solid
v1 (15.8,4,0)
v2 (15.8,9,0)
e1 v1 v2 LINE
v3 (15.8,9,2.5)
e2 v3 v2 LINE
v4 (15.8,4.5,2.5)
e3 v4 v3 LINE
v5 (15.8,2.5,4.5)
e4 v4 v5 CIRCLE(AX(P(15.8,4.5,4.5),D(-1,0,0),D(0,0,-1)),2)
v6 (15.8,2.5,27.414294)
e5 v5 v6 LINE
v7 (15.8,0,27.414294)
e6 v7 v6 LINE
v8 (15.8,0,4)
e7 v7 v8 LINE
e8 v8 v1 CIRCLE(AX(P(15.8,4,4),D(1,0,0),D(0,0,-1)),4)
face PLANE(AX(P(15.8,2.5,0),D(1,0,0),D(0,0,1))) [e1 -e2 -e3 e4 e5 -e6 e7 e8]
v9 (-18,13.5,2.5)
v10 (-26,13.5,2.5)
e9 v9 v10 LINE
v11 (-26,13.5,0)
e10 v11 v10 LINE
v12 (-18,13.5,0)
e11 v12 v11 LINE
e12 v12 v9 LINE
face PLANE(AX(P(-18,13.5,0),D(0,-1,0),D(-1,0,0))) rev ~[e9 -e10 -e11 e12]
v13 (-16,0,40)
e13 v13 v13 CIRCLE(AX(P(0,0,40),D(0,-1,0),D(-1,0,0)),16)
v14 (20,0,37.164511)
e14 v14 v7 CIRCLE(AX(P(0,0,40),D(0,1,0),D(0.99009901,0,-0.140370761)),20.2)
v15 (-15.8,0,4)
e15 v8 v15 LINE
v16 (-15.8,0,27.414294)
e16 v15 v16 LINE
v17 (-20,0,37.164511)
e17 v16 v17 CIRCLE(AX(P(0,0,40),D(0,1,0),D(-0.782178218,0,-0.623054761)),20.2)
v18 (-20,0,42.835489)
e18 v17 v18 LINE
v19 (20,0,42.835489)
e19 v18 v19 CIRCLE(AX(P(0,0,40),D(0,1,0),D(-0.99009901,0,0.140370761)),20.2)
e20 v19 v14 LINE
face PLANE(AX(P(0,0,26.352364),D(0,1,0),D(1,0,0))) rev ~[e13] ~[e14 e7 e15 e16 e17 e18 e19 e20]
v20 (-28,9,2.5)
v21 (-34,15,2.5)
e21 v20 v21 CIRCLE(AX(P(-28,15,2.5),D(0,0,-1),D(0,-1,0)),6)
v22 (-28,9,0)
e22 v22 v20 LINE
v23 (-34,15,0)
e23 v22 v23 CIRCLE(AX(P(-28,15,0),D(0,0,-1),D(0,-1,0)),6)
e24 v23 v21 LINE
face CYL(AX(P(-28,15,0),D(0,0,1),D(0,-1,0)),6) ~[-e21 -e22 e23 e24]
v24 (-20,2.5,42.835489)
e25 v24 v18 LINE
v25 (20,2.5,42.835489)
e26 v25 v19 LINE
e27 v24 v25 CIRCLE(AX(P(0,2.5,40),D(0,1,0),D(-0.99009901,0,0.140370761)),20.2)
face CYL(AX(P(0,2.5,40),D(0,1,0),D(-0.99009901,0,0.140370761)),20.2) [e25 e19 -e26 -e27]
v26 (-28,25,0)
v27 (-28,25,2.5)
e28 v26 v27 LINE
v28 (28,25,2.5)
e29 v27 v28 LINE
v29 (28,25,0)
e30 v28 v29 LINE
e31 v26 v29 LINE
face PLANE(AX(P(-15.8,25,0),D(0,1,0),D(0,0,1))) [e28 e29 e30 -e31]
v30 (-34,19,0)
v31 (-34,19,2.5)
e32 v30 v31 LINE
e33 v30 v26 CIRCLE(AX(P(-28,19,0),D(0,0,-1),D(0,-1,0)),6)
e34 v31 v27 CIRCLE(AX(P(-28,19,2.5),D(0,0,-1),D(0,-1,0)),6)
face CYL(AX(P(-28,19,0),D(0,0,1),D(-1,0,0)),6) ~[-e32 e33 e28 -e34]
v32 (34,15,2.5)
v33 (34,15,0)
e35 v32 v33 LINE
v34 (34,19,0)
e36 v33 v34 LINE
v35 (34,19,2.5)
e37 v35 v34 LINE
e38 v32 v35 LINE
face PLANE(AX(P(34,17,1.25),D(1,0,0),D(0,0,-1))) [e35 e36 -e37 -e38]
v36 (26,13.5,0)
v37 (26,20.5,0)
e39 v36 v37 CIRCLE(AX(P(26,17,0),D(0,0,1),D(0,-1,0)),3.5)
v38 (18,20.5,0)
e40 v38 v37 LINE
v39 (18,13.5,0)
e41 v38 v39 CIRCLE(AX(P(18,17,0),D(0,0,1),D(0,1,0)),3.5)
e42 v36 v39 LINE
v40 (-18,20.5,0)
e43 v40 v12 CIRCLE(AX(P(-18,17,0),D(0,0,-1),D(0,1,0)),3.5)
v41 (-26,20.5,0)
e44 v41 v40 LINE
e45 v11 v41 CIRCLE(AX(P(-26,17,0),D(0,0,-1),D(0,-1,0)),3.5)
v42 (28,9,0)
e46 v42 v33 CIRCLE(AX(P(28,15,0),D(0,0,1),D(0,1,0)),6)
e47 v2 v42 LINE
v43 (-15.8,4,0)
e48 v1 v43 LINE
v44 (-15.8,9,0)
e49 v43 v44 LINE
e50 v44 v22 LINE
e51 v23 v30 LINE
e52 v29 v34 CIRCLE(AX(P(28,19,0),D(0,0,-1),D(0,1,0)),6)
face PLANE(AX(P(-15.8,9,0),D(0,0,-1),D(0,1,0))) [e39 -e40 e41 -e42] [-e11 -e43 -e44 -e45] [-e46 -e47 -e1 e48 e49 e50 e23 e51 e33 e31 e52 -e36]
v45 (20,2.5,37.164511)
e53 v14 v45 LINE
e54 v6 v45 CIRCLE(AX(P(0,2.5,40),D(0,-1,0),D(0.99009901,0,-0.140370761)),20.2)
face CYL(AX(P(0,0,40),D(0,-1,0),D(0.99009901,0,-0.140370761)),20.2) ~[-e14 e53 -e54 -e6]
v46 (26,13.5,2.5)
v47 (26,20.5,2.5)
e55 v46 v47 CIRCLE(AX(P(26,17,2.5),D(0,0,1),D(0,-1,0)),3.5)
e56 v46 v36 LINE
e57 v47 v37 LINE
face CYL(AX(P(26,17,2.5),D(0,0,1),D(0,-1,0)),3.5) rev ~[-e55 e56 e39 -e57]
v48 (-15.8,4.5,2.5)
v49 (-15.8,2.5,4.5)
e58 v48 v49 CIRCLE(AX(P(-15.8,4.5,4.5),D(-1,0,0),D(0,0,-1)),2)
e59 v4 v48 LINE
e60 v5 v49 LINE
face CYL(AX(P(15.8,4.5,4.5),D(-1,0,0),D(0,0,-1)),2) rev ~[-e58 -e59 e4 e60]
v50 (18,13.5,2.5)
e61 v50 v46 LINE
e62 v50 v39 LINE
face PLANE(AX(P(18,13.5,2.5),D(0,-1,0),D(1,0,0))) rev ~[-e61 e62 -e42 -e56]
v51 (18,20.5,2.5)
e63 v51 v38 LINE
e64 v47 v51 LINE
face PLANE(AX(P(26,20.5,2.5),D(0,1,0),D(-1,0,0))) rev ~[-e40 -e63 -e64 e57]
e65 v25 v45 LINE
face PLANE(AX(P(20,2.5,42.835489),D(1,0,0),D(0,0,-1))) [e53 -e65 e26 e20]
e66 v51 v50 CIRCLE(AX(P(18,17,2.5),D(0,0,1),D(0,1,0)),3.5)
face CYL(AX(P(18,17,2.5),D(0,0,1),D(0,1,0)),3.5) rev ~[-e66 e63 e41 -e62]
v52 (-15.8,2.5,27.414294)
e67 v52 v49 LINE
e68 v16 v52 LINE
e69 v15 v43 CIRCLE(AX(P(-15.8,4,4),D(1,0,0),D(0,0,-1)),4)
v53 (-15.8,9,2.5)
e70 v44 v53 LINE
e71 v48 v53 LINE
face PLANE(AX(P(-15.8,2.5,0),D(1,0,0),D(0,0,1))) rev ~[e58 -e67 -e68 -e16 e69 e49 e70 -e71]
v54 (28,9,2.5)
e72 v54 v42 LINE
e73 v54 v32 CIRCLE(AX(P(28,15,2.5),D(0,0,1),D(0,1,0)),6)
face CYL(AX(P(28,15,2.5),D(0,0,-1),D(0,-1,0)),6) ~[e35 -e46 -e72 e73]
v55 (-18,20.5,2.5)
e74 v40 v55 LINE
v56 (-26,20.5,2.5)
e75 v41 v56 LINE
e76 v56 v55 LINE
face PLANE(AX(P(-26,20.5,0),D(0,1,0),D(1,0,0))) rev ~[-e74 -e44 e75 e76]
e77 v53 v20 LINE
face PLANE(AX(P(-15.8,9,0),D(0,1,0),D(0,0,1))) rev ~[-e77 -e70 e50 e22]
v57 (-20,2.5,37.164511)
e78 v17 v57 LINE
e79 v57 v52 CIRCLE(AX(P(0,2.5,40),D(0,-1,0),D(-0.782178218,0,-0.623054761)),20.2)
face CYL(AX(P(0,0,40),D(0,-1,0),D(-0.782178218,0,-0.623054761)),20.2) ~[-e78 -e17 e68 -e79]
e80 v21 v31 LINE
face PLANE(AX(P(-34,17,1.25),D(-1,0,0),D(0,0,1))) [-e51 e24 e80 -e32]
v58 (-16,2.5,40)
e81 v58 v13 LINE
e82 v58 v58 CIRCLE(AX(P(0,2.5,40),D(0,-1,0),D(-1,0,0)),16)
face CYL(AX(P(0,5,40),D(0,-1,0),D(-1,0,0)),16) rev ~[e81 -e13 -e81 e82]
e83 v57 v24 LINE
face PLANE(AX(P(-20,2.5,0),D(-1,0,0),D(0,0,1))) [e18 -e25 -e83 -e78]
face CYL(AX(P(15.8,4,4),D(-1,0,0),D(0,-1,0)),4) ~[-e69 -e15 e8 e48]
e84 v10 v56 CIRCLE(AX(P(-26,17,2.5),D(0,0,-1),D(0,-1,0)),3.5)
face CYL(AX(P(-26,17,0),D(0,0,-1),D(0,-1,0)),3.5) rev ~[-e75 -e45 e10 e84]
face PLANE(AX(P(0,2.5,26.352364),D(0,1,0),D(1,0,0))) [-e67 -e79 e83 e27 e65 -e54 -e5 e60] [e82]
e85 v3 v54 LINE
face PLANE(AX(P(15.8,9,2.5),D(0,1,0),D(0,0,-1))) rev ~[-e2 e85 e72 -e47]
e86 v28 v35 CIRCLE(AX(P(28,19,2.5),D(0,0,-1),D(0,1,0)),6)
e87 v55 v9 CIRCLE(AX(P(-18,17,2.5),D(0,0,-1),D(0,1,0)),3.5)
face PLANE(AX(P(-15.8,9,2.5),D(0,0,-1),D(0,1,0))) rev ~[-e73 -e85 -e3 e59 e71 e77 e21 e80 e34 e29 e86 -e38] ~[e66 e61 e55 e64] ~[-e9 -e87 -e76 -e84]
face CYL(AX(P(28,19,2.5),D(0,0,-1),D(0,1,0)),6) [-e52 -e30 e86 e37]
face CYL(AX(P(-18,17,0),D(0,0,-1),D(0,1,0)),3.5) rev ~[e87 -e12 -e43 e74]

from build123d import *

# Parameters (mm, degrees)
BOSS_EXTRUDE1_DEPTH       = 2.5
CUT_EXTRUDE1_DEPTH        = 3.5
CUT_EXTRUDE2_DEPTH        = 3.5
SKETCH4_W                 = 31.6
SKETCH4_H                 = 2.5
BOSS_EXTRUDE2_DEPTH       = 22.5
SKETCH5_W                 = 2.5
SKETCH5_H                 = 16
BOSS_EXTRUDE3_DEPTH       = 18.2
SKETCH6_W                 = 2.5
SKETCH6_H                 = 16
BOSS_EXTRUDE4_DEPTH       = 18.2
CUT_EXTRUDE3_DEPTH        = 3.5
CUT_EXTRUDE4_DEPTH        = 61.2
M27_CLEARANCE_HOLE1_D     = 32
M27_CLEARANCE_HOLE1_DEPTH = 2.5
FILLET1_R                 = 2
FILLET2_R                 = 4
FILLET3_R                 = 6


with BuildPart() as part:
    # Sketch1 → Boss-Extrude1 (new body)
    with BuildSketch(Plane(origin=(0, 2.5, 0), x_dir=(1, 0, 0), z_dir=(0, 1, 0))):
        with BuildLine():
            Line((20, -42.835489376), (20, 0))
            Line((20, 0), (-20, 0))
            Line((-20, 0), (-20, -42.835489376))
            ThreePointArc((-20, -42.835489376), (0, -60.2), (20, -42.835489376))
        make_face()
    extrude(amount=-BOSS_EXTRUDE1_DEPTH)

    # Sketch2 → Cut-Extrude1 (cut, through all)
    with BuildSketch(Plane.XZ):
        with BuildLine():
            Line((-15.8, 0), (-15.8, 27.414293822))
            ThreePointArc((-15.8, 27.414293822), (-18.551999405, 32.008547186), (-20, 37.164510624))
            Line((-20, 37.164510624), (-20, 0))
            Line((-20, 0), (-15.8, 0))
        make_face()
    extrude(amount=-CUT_EXTRUDE1_DEPTH, mode=Mode.SUBTRACT)

    # Sketch3 → Cut-Extrude2 (cut, through all)
    with BuildSketch(Plane.XZ):
        with BuildLine():
            Line((20, 0), (20, 37.164510624))
            ThreePointArc((20, 37.164510624), (18.551999405, 32.008547186), (15.8, 27.414293822))
            Line((15.8, 27.414293822), (15.8, 0))
            Line((15.8, 0), (20, 0))
        make_face()
    extrude(amount=-CUT_EXTRUDE2_DEPTH, mode=Mode.SUBTRACT)

    # Sketch4 → Boss-Extrude2 (add)
    with BuildSketch(Plane(origin=(0, 2.5, 0), x_dir=(-1, 0, 0), z_dir=(0, 1, 0))):
        with Locations((0, 1.25)):
            Rectangle(SKETCH4_W, SKETCH4_H)
    extrude(amount=BOSS_EXTRUDE2_DEPTH)

    # Sketch5 → Boss-Extrude3 (add)
    with BuildSketch(Plane(origin=(15.8, 0, 0), x_dir=(0, 0, -1), z_dir=(1, 0, 0))):
        with Locations((-1.25, 17)):
            Rectangle(SKETCH5_W, SKETCH5_H)
    extrude(amount=BOSS_EXTRUDE3_DEPTH)

    # Sketch6 → Boss-Extrude4 (add)
    with BuildSketch(Plane.ZY.offset(15.8)):
        with Locations((1.25, 17)):
            Rectangle(SKETCH6_W, SKETCH6_H)
    extrude(amount=BOSS_EXTRUDE4_DEPTH)

    # Sketch7 → Cut-Extrude3 (cut, through all)
    with BuildSketch(Plane.XY.offset(2.5)):
        with BuildLine():
            Line((26, 20.5), (18, 20.5))
            ThreePointArc((18, 20.5), (14.5, 17), (18, 13.5))
            Line((18, 13.5), (26, 13.5))
            ThreePointArc((26, 13.5), (29.5, 17), (26, 20.5))
        make_face()
    extrude(amount=-CUT_EXTRUDE3_DEPTH, mode=Mode.SUBTRACT)

    # Sketch8 → Cut-Extrude4 (cut, through all)
    with BuildSketch(Plane(origin=(0, 0, 0), x_dir=(-1, 0, 0), z_dir=(0, 0, -1))):
        with BuildLine():
            Line((26, 20.5), (18, 20.5))
            ThreePointArc((18, 20.5), (14.5, 17), (18, 13.5))
            Line((18, 13.5), (26, 13.5))
            ThreePointArc((26, 13.5), (29.5, 17), (26, 20.5))
        make_face()
    extrude(amount=-CUT_EXTRUDE4_DEPTH, mode=Mode.SUBTRACT)

    # M27 Clearance Hole1
    with Locations(Plane(origin=(0, 2.5, 0), x_dir=(1, 0, 0), z_dir=(0, 1, 0))):
        with Locations((0, -40)):
            Hole(M27_CLEARANCE_HOLE1_D / 2, depth=M27_CLEARANCE_HOLE1_DEPTH)

    # Fillet1
    fillet1_edges = [part.edges().sort_by_distance(p)[0] for p in [
        (0, 2.5, 2.5),
    ]]
    fillet(fillet1_edges, radius=FILLET1_R)

    # Fillet2
    fillet2_edges = [part.edges().sort_by_distance(p)[0] for p in [
        (0, 0, 0),
    ]]
    fillet(fillet2_edges, radius=FILLET2_R)

    # Fillet3
    fillet3_edges = [part.edges().sort_by_distance(p)[0] for p in [
        (34, 25, 1.25),
        (34, 9, 1.25),
        (-34, 9, 1.25),
        (-34, 25, 1.25),
    ]]
    fillet(fillet3_edges, radius=FILLET3_R)


solid = part.part
